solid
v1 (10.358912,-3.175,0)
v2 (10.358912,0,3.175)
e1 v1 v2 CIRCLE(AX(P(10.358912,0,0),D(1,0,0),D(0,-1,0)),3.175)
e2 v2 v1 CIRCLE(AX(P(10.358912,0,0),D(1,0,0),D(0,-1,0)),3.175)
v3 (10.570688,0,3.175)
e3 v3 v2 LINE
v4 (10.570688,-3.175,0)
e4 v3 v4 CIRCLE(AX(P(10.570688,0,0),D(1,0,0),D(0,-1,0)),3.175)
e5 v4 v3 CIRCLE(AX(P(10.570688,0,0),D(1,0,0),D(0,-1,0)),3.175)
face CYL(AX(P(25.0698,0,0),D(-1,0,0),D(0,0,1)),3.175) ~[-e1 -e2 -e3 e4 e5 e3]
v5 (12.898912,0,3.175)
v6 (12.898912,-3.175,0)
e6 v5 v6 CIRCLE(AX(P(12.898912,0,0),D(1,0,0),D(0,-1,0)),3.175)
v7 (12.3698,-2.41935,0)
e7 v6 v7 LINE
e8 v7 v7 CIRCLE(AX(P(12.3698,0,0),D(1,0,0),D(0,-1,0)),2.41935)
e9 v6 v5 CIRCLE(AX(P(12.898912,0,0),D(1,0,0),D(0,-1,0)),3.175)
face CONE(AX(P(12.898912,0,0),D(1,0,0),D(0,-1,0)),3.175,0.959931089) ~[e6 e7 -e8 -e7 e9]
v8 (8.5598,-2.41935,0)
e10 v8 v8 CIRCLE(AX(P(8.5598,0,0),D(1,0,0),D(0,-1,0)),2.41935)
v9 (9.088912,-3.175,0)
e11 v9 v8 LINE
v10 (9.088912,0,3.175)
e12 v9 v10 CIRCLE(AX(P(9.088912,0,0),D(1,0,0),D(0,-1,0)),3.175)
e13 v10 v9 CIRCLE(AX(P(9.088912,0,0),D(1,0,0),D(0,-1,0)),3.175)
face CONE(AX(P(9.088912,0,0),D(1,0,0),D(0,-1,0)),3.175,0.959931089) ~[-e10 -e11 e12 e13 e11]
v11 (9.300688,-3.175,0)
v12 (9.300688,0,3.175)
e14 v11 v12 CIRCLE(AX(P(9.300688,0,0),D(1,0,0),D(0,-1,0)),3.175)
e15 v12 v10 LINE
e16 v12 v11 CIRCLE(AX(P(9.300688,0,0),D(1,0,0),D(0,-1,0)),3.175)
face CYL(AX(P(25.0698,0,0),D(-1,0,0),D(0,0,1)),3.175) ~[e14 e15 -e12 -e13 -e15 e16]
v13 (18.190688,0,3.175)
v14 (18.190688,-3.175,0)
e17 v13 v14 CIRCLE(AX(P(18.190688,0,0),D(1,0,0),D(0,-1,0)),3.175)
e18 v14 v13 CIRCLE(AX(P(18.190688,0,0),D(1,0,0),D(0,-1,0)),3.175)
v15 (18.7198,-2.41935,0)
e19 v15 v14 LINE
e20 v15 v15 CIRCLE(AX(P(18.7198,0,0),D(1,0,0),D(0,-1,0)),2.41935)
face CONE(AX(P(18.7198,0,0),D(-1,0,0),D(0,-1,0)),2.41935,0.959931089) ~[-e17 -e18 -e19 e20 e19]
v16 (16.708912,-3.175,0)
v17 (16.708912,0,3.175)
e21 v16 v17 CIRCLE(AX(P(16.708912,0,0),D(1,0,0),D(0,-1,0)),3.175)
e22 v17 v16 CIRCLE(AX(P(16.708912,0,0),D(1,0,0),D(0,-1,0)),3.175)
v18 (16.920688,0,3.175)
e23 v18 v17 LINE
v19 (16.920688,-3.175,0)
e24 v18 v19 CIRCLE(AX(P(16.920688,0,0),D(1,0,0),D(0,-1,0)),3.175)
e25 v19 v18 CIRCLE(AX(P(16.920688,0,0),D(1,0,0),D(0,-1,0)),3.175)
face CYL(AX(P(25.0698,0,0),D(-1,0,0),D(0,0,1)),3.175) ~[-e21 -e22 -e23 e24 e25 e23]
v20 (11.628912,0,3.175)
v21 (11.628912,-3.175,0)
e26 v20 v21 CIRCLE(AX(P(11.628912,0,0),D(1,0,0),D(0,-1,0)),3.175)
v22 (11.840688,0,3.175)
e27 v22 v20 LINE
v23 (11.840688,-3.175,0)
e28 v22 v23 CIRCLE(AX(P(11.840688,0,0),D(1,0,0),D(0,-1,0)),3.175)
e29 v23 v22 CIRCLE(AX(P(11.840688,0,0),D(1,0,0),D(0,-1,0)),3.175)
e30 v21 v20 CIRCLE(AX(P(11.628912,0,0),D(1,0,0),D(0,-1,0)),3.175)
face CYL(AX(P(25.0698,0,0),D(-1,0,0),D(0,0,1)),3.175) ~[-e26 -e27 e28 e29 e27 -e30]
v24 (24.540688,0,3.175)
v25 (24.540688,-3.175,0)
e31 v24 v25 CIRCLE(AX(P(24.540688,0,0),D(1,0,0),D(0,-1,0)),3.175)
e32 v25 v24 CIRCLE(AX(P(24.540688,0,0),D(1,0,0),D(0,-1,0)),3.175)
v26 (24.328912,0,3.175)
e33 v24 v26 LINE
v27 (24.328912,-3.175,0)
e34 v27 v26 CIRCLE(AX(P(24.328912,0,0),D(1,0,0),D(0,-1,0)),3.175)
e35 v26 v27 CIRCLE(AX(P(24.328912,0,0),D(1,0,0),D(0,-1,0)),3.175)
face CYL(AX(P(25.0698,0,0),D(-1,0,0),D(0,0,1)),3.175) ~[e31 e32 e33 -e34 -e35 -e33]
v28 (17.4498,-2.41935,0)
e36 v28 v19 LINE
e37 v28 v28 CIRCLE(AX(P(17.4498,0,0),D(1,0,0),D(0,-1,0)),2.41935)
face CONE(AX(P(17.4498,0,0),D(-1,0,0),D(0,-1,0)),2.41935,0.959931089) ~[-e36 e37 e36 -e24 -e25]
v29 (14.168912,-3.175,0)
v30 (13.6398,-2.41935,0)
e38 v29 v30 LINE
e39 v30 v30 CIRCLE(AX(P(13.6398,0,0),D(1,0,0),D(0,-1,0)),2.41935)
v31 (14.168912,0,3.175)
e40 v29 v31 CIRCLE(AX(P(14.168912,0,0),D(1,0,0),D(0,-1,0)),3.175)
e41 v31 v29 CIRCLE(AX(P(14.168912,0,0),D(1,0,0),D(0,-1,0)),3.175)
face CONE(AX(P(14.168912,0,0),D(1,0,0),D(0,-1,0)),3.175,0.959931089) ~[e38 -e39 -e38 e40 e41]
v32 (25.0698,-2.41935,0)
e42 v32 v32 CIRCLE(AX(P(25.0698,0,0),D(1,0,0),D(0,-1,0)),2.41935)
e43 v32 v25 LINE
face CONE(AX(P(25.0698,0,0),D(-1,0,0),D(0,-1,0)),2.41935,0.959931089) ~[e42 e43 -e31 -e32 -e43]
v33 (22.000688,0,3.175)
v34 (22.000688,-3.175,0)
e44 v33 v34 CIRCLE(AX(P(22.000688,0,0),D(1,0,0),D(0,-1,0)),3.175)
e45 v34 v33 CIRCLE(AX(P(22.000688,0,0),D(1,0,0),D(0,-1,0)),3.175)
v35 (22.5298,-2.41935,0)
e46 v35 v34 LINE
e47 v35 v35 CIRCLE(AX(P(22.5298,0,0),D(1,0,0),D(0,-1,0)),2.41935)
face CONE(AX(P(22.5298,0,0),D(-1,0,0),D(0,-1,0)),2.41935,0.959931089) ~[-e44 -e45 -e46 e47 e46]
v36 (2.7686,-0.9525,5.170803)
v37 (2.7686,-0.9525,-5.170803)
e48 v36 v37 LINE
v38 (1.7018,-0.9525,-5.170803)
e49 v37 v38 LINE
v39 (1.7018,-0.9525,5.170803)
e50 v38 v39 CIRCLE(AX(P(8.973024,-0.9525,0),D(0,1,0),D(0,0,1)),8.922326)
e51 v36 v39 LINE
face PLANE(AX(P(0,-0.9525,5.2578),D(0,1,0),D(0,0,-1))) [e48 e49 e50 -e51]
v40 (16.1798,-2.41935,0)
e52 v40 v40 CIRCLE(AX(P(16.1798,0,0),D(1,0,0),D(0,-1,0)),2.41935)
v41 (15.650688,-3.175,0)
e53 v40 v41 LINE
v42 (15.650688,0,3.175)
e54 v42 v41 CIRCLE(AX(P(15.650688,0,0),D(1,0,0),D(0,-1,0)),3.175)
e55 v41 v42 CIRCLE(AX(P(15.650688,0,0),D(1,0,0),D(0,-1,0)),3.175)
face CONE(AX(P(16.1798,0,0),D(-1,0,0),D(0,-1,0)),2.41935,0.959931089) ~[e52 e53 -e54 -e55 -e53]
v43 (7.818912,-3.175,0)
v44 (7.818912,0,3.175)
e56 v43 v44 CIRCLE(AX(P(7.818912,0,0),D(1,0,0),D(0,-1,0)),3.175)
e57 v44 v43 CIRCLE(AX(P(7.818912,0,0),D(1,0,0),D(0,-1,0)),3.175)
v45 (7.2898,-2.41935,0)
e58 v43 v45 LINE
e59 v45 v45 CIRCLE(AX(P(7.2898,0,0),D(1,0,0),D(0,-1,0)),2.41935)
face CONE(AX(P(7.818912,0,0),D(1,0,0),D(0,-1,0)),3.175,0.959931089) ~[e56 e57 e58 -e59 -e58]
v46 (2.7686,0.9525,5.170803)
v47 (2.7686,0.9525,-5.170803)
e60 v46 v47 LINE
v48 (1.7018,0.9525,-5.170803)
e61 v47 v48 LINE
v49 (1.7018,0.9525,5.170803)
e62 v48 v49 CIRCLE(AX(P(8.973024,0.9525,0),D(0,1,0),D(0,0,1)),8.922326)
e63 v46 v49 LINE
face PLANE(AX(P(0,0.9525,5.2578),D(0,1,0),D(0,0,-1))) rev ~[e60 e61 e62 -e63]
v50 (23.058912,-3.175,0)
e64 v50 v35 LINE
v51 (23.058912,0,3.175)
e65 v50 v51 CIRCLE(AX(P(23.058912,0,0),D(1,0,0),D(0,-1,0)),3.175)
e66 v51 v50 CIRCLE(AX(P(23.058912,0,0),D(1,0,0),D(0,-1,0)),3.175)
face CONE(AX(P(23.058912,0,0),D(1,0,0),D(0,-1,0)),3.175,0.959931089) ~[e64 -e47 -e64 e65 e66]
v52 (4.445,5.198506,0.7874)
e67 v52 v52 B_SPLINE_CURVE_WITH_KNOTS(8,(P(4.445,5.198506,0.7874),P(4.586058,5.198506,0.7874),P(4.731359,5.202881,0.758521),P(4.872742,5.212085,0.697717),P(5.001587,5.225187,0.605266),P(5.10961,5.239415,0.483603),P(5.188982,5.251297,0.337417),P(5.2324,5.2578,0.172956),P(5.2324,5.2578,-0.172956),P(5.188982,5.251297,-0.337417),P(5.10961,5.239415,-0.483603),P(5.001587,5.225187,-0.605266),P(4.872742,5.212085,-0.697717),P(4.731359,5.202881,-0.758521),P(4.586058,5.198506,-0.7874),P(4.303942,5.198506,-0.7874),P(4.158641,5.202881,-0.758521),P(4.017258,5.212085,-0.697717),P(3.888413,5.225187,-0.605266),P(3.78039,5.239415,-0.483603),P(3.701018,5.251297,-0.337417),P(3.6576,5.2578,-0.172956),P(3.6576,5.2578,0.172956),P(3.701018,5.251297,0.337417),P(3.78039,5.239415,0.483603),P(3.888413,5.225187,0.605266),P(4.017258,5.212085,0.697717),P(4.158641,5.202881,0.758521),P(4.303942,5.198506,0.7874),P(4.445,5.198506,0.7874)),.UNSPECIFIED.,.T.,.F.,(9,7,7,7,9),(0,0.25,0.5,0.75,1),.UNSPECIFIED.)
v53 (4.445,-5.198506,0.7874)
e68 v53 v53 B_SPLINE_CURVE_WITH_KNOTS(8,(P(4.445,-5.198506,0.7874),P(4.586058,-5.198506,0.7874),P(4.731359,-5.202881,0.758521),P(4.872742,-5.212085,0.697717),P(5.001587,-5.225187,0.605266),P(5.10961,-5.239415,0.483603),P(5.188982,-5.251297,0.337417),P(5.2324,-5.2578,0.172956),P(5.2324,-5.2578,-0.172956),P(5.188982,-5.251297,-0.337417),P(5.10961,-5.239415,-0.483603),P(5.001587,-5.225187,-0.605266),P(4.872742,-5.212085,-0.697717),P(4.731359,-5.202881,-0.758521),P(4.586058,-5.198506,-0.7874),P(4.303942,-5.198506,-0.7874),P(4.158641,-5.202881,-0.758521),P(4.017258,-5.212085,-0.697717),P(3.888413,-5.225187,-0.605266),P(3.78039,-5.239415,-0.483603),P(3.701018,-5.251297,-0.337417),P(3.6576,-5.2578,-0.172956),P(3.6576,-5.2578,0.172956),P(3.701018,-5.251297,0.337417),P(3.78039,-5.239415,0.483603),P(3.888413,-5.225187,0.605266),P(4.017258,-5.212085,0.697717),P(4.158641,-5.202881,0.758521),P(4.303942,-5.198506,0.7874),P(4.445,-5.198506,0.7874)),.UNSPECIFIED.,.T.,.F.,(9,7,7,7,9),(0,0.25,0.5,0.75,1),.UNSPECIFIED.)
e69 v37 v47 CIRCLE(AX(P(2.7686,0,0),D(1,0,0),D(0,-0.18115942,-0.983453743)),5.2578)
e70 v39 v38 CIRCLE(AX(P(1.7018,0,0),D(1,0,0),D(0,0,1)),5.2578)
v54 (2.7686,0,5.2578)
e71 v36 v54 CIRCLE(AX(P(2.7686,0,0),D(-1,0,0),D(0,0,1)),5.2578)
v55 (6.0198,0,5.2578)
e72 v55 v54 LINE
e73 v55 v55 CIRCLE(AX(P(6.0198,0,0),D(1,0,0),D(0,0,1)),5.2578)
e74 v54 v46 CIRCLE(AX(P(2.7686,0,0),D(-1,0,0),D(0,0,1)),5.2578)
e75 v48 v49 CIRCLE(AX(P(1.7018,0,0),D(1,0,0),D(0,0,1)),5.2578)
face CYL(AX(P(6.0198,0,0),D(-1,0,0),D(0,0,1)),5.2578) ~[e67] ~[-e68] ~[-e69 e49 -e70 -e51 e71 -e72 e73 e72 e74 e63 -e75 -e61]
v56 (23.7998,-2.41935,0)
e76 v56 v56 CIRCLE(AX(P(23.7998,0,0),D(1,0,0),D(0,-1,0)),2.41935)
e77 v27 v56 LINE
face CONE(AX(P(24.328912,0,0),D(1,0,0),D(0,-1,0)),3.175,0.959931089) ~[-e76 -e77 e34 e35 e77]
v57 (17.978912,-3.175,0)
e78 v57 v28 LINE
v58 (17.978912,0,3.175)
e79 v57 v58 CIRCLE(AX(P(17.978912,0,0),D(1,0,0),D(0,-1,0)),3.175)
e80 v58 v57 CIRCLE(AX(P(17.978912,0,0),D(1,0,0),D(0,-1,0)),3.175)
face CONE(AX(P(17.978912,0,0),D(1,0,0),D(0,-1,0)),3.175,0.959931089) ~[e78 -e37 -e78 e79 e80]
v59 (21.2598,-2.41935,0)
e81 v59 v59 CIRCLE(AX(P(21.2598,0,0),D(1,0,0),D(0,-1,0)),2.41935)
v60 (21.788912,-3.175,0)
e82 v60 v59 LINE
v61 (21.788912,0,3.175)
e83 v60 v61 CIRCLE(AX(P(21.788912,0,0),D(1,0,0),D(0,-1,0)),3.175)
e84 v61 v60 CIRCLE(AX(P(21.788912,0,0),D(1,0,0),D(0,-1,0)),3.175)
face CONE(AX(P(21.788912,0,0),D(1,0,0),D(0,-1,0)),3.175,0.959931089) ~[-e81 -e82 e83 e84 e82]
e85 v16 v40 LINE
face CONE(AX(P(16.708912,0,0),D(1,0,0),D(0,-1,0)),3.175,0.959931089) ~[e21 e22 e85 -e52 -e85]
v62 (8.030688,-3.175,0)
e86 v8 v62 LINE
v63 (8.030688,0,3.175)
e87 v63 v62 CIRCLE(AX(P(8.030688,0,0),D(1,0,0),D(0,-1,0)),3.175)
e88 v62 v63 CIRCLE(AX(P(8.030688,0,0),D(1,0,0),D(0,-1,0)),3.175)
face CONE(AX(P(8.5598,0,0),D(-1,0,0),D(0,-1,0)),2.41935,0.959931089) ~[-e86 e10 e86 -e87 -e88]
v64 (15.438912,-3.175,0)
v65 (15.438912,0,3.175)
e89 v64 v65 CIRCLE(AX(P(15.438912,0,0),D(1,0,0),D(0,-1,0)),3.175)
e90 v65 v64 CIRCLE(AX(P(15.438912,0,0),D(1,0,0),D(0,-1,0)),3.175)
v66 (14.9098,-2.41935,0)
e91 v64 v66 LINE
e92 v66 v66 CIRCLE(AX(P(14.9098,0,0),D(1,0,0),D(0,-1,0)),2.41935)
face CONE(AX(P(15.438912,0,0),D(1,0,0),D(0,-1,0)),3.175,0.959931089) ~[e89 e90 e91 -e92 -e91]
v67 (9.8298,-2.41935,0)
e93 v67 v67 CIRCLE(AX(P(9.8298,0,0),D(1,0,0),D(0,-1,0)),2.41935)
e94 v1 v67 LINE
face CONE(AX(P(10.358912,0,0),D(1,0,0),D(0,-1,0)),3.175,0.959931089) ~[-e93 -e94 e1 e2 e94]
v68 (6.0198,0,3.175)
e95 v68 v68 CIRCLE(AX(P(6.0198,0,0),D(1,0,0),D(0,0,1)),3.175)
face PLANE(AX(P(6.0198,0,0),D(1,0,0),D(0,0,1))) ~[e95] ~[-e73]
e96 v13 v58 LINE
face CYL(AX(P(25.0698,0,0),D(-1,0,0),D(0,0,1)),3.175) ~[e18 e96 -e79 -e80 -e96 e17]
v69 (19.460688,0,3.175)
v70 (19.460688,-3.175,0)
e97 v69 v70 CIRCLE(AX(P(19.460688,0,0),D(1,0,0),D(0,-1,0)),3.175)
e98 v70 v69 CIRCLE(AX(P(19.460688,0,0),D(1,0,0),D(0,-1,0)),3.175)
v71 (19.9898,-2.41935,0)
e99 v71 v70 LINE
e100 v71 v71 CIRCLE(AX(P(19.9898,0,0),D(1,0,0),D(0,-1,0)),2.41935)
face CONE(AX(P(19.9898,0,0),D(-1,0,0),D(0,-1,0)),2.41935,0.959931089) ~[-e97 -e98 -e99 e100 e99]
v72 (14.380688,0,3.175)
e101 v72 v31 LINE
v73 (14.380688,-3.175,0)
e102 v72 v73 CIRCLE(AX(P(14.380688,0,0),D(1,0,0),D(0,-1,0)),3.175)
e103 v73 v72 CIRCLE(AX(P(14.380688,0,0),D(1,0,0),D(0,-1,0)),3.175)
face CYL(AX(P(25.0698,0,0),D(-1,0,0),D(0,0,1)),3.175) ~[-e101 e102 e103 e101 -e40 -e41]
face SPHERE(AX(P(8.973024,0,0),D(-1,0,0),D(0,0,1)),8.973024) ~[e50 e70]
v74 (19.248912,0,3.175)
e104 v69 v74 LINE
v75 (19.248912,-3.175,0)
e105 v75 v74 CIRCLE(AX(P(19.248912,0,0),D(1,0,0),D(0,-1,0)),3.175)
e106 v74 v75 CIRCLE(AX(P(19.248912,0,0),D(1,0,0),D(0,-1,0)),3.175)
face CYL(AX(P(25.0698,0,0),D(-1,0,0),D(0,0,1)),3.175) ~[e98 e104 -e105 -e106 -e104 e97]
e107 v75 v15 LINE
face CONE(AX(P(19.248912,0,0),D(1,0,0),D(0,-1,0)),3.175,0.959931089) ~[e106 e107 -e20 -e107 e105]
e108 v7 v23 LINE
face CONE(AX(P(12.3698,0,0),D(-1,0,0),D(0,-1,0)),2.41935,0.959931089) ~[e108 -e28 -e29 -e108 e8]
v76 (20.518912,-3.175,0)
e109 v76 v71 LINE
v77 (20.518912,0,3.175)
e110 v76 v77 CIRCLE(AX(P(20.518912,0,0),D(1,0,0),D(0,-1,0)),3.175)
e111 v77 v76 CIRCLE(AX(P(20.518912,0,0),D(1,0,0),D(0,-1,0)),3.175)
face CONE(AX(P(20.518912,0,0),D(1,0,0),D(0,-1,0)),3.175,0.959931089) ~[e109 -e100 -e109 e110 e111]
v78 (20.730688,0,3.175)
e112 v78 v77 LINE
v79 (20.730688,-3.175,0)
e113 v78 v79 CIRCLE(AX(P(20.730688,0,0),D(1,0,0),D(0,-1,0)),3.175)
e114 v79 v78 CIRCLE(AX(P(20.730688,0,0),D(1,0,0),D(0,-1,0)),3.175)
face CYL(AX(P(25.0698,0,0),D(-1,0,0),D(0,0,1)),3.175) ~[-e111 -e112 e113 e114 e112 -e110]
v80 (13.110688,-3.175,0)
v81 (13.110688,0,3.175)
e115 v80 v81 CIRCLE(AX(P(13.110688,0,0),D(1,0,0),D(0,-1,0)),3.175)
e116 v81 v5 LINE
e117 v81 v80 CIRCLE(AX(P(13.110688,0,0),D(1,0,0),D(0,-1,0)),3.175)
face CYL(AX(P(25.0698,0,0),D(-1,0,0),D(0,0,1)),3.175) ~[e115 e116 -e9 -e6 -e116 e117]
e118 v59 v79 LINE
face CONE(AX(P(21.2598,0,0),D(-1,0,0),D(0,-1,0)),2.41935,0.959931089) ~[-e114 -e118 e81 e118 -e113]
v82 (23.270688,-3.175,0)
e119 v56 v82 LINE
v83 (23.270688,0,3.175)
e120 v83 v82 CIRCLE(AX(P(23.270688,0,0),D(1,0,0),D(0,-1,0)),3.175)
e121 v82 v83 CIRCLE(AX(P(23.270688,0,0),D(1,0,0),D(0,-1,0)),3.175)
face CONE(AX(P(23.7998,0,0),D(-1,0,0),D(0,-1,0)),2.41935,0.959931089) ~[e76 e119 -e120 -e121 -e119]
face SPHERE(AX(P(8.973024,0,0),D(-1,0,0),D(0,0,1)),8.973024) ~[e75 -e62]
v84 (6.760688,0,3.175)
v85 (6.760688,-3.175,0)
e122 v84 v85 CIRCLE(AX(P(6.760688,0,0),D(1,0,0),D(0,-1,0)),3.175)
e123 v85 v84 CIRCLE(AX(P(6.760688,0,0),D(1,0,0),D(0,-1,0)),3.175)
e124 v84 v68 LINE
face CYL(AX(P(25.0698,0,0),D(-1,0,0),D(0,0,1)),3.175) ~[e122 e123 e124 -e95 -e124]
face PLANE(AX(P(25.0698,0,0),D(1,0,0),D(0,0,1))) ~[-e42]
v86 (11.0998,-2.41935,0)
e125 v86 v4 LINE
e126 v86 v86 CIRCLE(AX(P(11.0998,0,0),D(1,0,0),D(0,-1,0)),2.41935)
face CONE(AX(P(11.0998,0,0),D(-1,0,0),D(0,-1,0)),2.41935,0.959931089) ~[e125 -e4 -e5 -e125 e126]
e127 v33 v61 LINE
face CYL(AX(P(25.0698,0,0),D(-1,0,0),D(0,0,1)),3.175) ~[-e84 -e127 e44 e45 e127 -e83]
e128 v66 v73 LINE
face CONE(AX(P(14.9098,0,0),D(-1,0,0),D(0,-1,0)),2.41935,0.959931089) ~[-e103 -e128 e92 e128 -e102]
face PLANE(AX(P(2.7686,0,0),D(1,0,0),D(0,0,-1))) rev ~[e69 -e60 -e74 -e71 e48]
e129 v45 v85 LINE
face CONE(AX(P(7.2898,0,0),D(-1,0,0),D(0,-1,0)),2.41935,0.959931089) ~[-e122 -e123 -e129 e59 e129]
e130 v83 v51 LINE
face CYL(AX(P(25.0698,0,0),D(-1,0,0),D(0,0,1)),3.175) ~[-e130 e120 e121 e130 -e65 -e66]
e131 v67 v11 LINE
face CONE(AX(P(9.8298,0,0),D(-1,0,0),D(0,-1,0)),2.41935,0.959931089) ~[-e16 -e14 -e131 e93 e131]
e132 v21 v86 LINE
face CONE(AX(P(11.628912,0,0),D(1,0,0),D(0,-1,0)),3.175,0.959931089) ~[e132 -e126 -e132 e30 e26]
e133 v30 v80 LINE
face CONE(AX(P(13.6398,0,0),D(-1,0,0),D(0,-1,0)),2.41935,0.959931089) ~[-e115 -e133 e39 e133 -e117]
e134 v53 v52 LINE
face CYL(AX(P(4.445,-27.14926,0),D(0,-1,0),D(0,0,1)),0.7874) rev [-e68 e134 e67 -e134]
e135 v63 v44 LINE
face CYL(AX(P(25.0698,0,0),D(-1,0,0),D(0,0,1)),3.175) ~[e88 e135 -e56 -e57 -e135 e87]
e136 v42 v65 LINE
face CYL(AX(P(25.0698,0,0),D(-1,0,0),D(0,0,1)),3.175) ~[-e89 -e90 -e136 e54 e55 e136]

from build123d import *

# Parameters (mm, degrees)
SKETCH2_W       = 10.5156
SKETCH2_H       = 1.905
SLOT_DEPTH      = 2.7686
HOLE_DEPTH      = 27.149259908
HOLE_DEPTH_BACK = 27.149259908
SKETCH5_R       = 0.7874
THDSCHPAT_COUNT = 15
THDSCHPAT_PITCH = 1.27


with BuildPart() as part:
    # BodySke → Base-Revolve (revolve)
    with BuildSketch(Plane.XY, mode=Mode.PRIVATE) as base_revolve_sk:
        with BuildLine():
            Line((6.0198, 3.175), (6.0198, 5.2578))
            Line((6.0198, 5.2578), (1.7018, 5.2578))
            ThreePointArc((1.7018, 5.2578), (0.436044816, 2.763176799), (0, 0))
            Line((0, 0), (25.0698, 0))
            Line((25.0698, 0), (25.0698, 3.175))
            Line((25.0698, 3.175), (6.0198, 3.175))
        make_face()
    revolve(base_revolve_sk.sketch.rotate(Axis((-25.4, 0, 0), (1, 0, 0)), 90), axis=Axis((-25.4, 0, 0), (1, 0, 0)))

    # Sketch2 → Slot (cut)
    with BuildSketch(Plane(origin=(0, 0, 0), x_dir=(0, 0, -1), z_dir=(1, 0, 0))):
        Rectangle(SKETCH2_W, SKETCH2_H)
    extrude(amount=SLOT_DEPTH, mode=Mode.SUBTRACT)

    # Sketch5 → Hole (cut, two sides: drawn at the far end of the back side and taken through both)
    with BuildSketch(Plane(origin=(0, 0, 0), x_dir=(1, 0, 0), z_dir=(0, 1, 0)).offset(-HOLE_DEPTH_BACK)):
        with Locations(Location((4.445, 0, 0), (0, 0, 270))):
            Circle(SKETCH5_R)
    extrude(amount=HOLE_DEPTH + HOLE_DEPTH_BACK, mode=Mode.SUBTRACT)

    # ThdSchSke → ThreadSchematic (revolve, cut)
    with BuildSketch(Plane.XY):
        Polygon((7.2898, -2.41935), (6.760688174, -3.175), (6.760688174, -3.96875), (7.818911826, -3.96875), (7.818911826, -3.175), align=None)
    threadschematic = revolve(axis=Axis((-3.175, 0, 0), (1, 0, 0)), mode=Mode.SUBTRACT)

    # ThdSchPat: ThreadSchematic ×15
    with Locations(*[(i * THDSCHPAT_PITCH, 0, 0) for i in range(1, THDSCHPAT_COUNT)]):
        add(threadschematic, mode=Mode.SUBTRACT)


solid = part.part
